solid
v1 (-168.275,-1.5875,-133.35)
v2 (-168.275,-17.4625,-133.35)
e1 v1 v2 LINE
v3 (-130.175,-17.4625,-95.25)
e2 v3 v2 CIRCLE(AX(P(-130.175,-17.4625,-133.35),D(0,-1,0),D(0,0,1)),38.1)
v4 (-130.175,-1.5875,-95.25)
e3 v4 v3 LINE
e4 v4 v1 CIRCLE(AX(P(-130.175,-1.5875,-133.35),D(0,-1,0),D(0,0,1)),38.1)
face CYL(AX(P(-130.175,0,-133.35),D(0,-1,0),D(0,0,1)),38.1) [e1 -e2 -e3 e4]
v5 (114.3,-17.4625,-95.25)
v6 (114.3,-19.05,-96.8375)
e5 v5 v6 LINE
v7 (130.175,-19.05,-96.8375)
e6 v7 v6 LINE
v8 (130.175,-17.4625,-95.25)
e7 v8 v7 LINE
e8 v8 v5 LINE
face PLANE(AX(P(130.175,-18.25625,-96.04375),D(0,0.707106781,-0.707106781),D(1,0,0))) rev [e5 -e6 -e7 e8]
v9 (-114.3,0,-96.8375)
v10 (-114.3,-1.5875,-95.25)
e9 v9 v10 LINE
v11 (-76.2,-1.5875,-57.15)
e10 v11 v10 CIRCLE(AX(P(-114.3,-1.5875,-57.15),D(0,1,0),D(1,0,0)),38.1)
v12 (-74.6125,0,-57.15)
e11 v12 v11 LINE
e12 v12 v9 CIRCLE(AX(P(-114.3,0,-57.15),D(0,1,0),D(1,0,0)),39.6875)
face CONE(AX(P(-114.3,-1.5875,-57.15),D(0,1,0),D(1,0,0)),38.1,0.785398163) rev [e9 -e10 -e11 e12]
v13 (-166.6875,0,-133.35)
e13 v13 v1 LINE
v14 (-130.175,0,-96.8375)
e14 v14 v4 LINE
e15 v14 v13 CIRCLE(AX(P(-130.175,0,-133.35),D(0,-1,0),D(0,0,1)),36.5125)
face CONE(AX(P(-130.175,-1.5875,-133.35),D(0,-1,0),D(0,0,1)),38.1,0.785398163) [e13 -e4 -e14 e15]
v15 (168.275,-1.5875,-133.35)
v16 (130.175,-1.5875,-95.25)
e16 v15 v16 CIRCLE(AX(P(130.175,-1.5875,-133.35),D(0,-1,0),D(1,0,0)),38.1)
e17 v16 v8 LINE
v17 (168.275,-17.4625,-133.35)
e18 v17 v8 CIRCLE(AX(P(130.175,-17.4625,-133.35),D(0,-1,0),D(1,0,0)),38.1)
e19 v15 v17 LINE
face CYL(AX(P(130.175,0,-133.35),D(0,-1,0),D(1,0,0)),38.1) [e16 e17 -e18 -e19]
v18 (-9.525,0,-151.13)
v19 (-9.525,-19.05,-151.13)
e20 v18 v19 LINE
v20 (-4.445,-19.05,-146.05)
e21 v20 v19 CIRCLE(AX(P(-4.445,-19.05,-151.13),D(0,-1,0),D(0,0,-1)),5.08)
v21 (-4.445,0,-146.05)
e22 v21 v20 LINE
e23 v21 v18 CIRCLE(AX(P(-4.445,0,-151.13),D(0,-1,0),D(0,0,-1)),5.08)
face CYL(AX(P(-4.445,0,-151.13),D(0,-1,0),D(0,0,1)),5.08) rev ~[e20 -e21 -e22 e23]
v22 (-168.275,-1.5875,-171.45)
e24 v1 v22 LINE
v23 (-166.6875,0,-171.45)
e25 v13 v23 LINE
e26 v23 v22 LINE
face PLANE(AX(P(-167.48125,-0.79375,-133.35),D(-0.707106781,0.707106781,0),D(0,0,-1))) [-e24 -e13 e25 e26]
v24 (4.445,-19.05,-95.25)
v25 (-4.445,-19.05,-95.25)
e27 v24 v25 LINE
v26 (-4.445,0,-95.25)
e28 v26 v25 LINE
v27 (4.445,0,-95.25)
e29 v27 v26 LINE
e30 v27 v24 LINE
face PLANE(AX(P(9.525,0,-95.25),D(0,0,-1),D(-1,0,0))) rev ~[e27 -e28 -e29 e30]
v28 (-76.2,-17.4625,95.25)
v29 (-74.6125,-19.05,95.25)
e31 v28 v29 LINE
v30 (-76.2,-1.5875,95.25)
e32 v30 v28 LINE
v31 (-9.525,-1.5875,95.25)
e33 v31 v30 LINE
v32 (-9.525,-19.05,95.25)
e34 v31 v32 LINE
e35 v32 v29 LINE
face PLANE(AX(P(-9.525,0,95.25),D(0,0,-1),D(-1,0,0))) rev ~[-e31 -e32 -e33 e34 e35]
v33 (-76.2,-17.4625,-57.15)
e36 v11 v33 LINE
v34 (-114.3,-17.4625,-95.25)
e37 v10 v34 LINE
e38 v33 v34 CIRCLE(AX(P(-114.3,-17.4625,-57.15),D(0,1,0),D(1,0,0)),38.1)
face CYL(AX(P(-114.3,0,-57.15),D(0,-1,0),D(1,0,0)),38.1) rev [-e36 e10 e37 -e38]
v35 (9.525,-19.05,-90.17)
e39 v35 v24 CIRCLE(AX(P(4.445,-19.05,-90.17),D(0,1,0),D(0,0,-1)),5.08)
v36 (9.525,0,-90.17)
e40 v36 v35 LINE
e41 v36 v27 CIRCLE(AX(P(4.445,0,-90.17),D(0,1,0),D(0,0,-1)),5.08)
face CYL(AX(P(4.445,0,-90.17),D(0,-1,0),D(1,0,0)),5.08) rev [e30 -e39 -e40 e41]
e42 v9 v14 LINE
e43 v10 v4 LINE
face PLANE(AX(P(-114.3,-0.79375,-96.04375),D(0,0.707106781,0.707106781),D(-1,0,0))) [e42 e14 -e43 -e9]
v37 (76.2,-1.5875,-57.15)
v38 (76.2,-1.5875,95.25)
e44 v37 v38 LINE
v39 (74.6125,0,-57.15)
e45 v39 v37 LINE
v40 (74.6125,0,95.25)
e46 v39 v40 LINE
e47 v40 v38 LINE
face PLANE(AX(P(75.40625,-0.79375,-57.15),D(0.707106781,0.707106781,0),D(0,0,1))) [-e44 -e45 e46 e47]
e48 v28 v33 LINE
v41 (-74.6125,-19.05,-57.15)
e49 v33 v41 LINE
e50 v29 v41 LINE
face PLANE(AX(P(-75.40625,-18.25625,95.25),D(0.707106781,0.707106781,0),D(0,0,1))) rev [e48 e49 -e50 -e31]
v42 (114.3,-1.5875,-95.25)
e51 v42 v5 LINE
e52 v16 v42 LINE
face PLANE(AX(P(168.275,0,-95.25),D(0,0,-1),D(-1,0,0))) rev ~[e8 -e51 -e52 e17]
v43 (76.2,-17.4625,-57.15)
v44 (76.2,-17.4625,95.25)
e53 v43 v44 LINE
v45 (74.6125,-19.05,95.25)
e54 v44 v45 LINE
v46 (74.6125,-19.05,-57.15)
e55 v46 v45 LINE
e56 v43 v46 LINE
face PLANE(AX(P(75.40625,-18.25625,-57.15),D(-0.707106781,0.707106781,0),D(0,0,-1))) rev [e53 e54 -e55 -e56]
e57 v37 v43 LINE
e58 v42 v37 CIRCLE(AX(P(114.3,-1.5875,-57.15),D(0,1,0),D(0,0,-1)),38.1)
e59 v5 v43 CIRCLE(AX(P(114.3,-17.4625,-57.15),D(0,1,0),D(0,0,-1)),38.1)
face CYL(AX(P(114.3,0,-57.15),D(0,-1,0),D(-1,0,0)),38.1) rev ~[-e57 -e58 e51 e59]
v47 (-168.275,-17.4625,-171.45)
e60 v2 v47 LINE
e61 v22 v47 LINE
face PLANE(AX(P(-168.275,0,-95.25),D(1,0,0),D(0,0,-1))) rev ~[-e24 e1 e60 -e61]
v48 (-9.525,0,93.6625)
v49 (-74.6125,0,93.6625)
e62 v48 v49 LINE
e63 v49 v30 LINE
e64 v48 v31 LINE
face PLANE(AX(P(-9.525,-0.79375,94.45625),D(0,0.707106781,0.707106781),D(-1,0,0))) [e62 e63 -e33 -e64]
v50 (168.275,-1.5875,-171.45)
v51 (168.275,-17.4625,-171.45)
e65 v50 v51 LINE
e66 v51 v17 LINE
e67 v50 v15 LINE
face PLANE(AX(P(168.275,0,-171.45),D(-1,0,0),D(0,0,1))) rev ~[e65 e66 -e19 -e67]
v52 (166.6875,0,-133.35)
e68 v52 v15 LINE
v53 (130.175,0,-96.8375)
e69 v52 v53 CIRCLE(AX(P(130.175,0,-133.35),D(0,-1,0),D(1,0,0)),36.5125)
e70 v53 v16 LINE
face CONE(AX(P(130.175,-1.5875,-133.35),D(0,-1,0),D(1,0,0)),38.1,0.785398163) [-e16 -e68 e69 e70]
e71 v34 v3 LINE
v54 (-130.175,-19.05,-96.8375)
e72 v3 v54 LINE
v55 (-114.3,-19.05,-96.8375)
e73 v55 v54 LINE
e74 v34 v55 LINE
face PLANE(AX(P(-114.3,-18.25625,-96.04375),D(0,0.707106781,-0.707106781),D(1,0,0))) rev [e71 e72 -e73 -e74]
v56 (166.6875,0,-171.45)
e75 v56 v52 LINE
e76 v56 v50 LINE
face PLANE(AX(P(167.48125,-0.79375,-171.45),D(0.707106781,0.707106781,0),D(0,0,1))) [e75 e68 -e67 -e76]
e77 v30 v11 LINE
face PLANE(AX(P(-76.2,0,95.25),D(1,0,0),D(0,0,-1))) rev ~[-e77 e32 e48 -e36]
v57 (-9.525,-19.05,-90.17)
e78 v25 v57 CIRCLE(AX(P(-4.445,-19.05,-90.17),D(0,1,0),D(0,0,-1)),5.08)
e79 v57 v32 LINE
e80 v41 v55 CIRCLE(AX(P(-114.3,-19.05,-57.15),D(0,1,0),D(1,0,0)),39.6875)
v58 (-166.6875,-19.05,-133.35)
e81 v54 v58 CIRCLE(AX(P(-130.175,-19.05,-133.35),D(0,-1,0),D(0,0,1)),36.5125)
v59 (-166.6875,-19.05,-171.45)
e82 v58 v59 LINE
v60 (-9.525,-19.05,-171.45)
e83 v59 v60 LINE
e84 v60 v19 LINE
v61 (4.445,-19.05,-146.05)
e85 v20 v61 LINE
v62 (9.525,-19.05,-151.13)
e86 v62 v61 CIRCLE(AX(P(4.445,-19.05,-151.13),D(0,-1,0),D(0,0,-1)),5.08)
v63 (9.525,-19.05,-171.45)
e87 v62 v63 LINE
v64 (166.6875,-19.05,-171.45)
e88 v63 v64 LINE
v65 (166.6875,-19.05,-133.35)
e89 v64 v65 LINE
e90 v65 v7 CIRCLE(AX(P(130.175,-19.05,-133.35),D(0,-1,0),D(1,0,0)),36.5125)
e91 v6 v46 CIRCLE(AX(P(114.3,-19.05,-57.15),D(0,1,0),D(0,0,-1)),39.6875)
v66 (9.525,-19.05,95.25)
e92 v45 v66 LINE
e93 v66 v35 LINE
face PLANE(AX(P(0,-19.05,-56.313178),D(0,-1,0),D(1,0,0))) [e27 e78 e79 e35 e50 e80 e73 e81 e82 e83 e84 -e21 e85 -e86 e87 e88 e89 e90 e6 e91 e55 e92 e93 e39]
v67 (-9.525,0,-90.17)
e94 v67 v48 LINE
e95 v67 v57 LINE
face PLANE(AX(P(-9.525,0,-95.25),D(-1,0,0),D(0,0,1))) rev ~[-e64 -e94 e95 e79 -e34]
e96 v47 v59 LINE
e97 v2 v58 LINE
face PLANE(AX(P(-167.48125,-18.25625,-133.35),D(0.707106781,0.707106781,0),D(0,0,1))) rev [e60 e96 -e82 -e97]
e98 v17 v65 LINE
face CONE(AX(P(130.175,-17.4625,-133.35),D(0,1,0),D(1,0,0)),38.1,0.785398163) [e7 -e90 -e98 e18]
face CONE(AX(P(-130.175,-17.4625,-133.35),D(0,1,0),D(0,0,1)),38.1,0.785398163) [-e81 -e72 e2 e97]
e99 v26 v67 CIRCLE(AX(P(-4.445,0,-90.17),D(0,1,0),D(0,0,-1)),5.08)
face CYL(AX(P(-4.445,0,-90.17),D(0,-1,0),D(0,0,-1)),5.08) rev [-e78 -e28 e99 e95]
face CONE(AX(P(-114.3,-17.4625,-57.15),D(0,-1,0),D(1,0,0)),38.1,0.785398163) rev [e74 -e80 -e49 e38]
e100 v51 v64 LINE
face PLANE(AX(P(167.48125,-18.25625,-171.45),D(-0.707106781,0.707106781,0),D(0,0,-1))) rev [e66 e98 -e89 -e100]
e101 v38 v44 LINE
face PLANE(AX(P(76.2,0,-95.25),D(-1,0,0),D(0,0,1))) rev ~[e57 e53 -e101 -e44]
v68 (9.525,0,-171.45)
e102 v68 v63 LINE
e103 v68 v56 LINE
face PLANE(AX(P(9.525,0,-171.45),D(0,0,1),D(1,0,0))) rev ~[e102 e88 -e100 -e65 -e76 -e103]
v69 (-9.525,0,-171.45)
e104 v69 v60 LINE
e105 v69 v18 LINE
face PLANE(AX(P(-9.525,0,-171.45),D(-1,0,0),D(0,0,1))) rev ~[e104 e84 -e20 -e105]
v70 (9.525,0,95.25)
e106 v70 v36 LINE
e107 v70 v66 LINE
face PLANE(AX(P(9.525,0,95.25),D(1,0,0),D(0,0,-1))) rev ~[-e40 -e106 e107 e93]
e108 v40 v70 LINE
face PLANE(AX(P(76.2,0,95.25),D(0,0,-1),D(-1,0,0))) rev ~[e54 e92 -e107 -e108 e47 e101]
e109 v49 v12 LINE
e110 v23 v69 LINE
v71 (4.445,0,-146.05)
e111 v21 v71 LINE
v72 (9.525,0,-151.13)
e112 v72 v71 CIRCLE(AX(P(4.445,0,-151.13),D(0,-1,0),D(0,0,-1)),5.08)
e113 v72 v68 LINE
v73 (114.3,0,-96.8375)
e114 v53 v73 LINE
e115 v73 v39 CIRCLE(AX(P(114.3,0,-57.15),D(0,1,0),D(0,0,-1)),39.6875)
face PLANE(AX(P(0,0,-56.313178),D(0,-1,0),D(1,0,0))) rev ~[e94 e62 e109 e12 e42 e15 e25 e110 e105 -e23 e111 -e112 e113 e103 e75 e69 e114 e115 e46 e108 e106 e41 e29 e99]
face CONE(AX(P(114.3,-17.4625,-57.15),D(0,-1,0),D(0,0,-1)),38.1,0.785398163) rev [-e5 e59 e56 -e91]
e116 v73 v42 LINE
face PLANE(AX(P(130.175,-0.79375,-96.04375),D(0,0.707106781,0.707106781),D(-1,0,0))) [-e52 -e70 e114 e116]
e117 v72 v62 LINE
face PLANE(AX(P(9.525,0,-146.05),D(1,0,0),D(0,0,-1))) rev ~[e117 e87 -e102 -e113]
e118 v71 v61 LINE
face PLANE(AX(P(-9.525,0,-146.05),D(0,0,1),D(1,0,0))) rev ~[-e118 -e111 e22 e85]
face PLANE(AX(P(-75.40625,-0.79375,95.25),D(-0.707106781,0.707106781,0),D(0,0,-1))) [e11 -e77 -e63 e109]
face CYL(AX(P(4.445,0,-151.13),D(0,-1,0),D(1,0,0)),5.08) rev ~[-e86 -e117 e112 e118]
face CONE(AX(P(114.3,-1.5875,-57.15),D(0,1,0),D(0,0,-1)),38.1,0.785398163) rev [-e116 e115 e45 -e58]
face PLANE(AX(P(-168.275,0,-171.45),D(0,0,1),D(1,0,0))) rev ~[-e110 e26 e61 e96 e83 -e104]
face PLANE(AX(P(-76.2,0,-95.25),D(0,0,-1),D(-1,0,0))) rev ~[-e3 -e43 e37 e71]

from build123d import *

# Parameters (mm, degrees)
F1_DEPTH = 19.05
F2_R     = 38.1
F3_R     = 5.08
F4_SIZE  = 1.5875


with BuildPart() as f1:
    # F0 (on Front) → F1 (new body)
    with BuildSketch(Plane.XZ):
        Polygon((76.2, -95.25), (76.2, 95.25), (9.525, 95.25), (9.525, -95.25), (-9.525, -95.25), (-9.525, 95.25), (-76.2, 95.25), (-76.2, -95.25), (-168.275, -95.25), (-168.275, -171.45), (-9.525, -171.45), (-9.525, -146.05), (9.525, -146.05), (9.525, -171.45), (168.275, -171.45), (168.275, -95.25), align=None)
    extrude(amount=F1_DEPTH)

    # F2
    f2_edges = [f1.edges().sort_by_distance(p)[0] for p in [
        (-168.275, -9.525, -95.25),
        (-76.2, -9.525, -95.25),
        (76.2, -9.525, -95.25),
        (168.275, -9.525, -95.25),
    ]]
    fillet(f2_edges, radius=F2_R)

    # F3
    f3_edges = [f1.edges().sort_by_distance(p)[0] for p in [
        (9.525, -9.525, -95.25),
        (-9.525, -9.525, -95.25),
        (-9.525, -9.525, -146.05),
        (9.525, -9.525, -146.05),
    ]]
    fillet(f3_edges, radius=F3_R)

    # F4
    f4_edges = [f1.edges().sort_by_distance(p)[0] for p in [
        (-122.2375, -19.05, -95.25),
        (122.2375, -19.05, -95.25),
        (122.2375, 0, -95.25),
        (-42.8625, 0, 95.25),
        (-76.2, 0, 19.05),
        (-122.2375, 0, -95.25),
    ]]
    chamfer(f4_edges, length=F4_SIZE)


solid = f1.part
